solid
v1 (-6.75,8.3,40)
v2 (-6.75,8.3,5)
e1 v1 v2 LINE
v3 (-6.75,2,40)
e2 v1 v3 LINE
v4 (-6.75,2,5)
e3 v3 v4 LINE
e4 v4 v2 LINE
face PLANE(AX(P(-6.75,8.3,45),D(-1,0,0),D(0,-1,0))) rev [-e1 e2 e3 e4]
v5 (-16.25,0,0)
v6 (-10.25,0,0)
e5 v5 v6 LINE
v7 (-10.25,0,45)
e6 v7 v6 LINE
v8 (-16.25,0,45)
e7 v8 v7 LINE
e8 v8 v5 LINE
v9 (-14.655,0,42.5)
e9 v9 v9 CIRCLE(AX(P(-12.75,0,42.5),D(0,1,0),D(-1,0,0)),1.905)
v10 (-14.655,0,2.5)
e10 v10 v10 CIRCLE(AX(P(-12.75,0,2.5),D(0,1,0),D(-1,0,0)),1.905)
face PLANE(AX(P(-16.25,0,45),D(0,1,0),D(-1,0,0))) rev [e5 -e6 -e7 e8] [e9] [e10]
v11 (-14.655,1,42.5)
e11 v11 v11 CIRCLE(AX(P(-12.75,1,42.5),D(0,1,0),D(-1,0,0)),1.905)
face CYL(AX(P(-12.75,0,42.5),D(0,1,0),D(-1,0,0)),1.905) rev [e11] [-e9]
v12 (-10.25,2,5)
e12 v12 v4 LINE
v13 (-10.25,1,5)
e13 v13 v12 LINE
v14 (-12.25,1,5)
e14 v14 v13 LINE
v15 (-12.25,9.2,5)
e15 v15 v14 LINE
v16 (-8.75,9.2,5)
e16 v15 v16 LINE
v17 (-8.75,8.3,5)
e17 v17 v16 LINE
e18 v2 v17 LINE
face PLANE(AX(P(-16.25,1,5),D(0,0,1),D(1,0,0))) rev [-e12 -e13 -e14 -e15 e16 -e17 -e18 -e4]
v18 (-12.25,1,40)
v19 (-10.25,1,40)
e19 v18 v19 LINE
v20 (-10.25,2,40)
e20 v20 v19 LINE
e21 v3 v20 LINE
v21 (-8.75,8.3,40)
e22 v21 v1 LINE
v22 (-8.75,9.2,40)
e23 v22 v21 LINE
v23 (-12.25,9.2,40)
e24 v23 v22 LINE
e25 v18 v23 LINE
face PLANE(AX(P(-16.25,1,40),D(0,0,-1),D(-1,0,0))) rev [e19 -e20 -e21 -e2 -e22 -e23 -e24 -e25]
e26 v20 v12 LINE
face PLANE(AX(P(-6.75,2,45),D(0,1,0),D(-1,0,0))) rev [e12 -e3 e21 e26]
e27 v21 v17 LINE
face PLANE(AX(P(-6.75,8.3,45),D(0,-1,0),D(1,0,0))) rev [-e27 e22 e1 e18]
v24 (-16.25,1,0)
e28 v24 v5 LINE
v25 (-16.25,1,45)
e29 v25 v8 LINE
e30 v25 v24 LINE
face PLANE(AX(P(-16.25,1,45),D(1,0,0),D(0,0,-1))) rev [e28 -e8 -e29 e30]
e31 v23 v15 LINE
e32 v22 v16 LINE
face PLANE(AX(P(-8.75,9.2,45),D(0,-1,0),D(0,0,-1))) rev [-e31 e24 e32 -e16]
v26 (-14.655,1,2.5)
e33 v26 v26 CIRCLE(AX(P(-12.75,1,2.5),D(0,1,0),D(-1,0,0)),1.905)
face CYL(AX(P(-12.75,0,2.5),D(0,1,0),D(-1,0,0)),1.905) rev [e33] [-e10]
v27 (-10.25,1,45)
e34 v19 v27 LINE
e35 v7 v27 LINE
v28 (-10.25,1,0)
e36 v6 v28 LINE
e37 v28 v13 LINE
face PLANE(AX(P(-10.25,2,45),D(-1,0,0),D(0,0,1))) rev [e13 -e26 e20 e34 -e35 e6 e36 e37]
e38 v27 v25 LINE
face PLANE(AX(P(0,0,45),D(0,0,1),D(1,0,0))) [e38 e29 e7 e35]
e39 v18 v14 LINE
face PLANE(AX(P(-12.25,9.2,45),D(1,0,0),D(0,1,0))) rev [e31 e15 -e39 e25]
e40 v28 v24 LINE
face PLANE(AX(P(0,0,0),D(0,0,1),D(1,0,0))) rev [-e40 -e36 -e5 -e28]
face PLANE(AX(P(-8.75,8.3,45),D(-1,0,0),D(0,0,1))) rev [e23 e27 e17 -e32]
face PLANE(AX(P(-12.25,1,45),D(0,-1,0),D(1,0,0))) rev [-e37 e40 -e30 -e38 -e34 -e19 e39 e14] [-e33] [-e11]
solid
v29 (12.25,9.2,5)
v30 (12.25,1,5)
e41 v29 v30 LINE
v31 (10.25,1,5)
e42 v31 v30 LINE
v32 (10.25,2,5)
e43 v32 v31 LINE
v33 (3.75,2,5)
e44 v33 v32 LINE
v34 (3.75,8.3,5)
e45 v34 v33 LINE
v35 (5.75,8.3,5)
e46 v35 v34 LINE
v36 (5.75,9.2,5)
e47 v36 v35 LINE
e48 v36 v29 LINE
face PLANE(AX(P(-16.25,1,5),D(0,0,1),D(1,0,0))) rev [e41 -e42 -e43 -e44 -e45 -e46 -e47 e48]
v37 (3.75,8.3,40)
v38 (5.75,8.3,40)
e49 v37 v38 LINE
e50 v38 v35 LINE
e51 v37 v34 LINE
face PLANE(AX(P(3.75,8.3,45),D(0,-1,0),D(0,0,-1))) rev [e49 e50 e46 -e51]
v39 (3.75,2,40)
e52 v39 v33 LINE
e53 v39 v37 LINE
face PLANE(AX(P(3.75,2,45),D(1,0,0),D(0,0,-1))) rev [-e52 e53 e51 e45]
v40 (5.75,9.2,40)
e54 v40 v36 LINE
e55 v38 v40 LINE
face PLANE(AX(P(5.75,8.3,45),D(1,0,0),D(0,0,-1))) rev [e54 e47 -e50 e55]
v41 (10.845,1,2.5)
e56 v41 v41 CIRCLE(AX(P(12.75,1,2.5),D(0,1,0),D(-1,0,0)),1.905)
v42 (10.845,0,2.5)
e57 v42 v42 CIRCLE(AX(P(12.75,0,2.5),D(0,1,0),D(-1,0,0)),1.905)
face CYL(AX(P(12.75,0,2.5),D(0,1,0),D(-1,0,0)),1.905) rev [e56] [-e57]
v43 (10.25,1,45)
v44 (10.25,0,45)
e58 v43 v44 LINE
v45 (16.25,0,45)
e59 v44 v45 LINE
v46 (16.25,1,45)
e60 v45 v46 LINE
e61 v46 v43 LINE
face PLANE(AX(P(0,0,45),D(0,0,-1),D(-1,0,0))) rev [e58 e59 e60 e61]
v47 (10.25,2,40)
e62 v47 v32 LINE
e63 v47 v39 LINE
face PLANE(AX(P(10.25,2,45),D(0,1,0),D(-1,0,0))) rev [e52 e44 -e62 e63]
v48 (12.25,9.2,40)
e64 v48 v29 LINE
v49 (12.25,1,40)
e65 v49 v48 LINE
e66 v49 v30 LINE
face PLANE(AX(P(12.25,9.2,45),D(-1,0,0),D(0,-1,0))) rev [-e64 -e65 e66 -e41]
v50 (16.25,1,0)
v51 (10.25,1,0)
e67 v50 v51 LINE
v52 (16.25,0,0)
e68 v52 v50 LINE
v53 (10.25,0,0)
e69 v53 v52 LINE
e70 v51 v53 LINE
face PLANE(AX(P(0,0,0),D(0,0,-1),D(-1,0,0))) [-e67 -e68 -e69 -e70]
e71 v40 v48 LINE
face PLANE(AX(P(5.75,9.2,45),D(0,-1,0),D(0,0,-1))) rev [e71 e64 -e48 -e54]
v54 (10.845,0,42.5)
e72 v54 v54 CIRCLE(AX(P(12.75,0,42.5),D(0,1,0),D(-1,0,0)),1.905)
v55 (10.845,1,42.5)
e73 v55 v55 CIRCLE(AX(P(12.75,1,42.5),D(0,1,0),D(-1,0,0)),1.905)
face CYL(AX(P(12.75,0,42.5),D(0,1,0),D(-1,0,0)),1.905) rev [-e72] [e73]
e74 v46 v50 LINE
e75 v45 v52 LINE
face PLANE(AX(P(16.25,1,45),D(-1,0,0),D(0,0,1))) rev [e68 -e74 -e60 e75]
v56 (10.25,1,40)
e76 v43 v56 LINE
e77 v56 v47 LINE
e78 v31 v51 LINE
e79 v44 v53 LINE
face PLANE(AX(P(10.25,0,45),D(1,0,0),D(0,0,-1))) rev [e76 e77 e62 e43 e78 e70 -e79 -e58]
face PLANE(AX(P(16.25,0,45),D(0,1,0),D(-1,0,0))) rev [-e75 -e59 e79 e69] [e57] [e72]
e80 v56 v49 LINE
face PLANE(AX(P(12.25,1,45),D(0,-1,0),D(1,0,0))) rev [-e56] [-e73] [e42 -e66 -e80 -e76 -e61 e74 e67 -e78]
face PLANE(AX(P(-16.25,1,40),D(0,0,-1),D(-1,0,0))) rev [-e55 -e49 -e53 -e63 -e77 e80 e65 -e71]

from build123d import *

# Parameters (mm, degrees)
BOSS_EXTRUDE3_DEPTH   = 45
BOSS_EXTRUDE3_2_DEPTH = 45
SKETCH4_W             = 5
SKETCH4_H             = 8.2
CUT_EXTRUDE1_DEPTH    = 29.5
SKETCH5_R             = 1.905
CUT_EXTRUDE2_DEPTH    = 2
SKETCH6_W             = 5
SKETCH6_H             = 8.2
CUT_EXTRUDE3_DEPTH    = 29.5
SKETCH7_R             = 1.905
CUT_EXTRUDE4_DEPTH    = 2


with BuildPart() as part:
    # Sketch2 → Boss-Extrude3 (new body)
    with BuildSketch(Plane.XY):
        Polygon((10.25, 0), (10.25, 2), (3.75, 2), (3.75, 8.3), (5.75, 8.3), (5.75, 9.2), (12.25, 9.2), (12.25, 1), (16.25, 1), (16.25, 0), align=None)
    extrude(amount=BOSS_EXTRUDE3_DEPTH)


with BuildPart() as body_2:
    # Sketch2 → Boss-Extrude3 2 (new body)
    with BuildSketch(Plane.XY):
        Polygon((-6.75, 8.3), (-6.75, 2), (-10.25, 2), (-10.25, 0), (-16.25, 0), (-16.25, 1), (-12.25, 1), (-12.25, 9.2), (-8.75, 9.2), (-8.75, 8.3), align=None)
    extrude(amount=BOSS_EXTRUDE3_2_DEPTH)


with BuildPart() as cut_extrude1_tool:
    # Sketch4 → Cut-Extrude1 (new body, through all)
    with BuildSketch(Plane(origin=(12.25, 0, 0), x_dir=(0, 0, -1), z_dir=(1, 0, 0))):
        with Locations((-42.5, 5.1)):
            Rectangle(SKETCH4_W, SKETCH4_H)
    extrude(amount=-CUT_EXTRUDE1_DEPTH)


with BuildPart() as part_1:
    add(part.part)

    # Cut-Extrude1: cut by cut_extrude1_tool
    add(cut_extrude1_tool.part, mode=Mode.SUBTRACT)


with BuildPart() as body_2_1:
    add(body_2.part)

    # Cut-Extrude1: cut by cut_extrude1_tool
    add(cut_extrude1_tool.part, mode=Mode.SUBTRACT)


with BuildPart() as cut_extrude2_tool:
    # Sketch5 → Cut-Extrude2 (new body, through all)
    with BuildSketch(Plane(origin=(0, 1, 0), x_dir=(1, 0, 0), z_dir=(0, 1, 0))):
        with Locations((-12.75, -42.5)):
            Circle(SKETCH5_R)
        with Locations((12.75, -42.5)):
            Circle(SKETCH5_R)
    extrude(amount=-CUT_EXTRUDE2_DEPTH)


with BuildPart() as part_2:
    add(part_1.part)

    # Cut-Extrude2: cut by cut_extrude2_tool
    add(cut_extrude2_tool.part, mode=Mode.SUBTRACT)


with BuildPart() as body_2_2:
    add(body_2_1.part)

    # Cut-Extrude2: cut by cut_extrude2_tool
    add(cut_extrude2_tool.part, mode=Mode.SUBTRACT)


with BuildPart() as cut_extrude3_tool:
    # Sketch6 → Cut-Extrude3 (new body, through all)
    with BuildSketch(Plane(origin=(12.25, 0, 0), x_dir=(0, 0, -1), z_dir=(1, 0, 0))):
        with Locations((-2.5, 5.1)):
            Rectangle(SKETCH6_W, SKETCH6_H)
    extrude(amount=-CUT_EXTRUDE3_DEPTH)


with BuildPart() as part_3:
    add(part_2.part)

    # Cut-Extrude3: cut by cut_extrude3_tool
    add(cut_extrude3_tool.part, mode=Mode.SUBTRACT)


with BuildPart() as body_2_3:
    add(body_2_2.part)

    # Cut-Extrude3: cut by cut_extrude3_tool
    add(cut_extrude3_tool.part, mode=Mode.SUBTRACT)


with BuildPart() as cut_extrude4_tool:
    # Sketch7 → Cut-Extrude4 (new body, through all)
    with BuildSketch(Plane(origin=(0, 1, 0), x_dir=(1, 0, 0), z_dir=(0, 1, 0))):
        with Locations((-12.75, -2.5)):
            Circle(SKETCH7_R)
        with Locations((12.75, -2.5)):
            Circle(SKETCH7_R)
    extrude(amount=-CUT_EXTRUDE4_DEPTH)


with BuildPart() as part_4:
    add(part_3.part)

    # Cut-Extrude4: cut by cut_extrude4_tool
    add(cut_extrude4_tool.part, mode=Mode.SUBTRACT)


with BuildPart() as body_2_4:
    add(body_2_3.part)

    # Cut-Extrude4: cut by cut_extrude4_tool
    add(cut_extrude4_tool.part, mode=Mode.SUBTRACT)


solid = Compound([part_4.part, body_2_4.part])
